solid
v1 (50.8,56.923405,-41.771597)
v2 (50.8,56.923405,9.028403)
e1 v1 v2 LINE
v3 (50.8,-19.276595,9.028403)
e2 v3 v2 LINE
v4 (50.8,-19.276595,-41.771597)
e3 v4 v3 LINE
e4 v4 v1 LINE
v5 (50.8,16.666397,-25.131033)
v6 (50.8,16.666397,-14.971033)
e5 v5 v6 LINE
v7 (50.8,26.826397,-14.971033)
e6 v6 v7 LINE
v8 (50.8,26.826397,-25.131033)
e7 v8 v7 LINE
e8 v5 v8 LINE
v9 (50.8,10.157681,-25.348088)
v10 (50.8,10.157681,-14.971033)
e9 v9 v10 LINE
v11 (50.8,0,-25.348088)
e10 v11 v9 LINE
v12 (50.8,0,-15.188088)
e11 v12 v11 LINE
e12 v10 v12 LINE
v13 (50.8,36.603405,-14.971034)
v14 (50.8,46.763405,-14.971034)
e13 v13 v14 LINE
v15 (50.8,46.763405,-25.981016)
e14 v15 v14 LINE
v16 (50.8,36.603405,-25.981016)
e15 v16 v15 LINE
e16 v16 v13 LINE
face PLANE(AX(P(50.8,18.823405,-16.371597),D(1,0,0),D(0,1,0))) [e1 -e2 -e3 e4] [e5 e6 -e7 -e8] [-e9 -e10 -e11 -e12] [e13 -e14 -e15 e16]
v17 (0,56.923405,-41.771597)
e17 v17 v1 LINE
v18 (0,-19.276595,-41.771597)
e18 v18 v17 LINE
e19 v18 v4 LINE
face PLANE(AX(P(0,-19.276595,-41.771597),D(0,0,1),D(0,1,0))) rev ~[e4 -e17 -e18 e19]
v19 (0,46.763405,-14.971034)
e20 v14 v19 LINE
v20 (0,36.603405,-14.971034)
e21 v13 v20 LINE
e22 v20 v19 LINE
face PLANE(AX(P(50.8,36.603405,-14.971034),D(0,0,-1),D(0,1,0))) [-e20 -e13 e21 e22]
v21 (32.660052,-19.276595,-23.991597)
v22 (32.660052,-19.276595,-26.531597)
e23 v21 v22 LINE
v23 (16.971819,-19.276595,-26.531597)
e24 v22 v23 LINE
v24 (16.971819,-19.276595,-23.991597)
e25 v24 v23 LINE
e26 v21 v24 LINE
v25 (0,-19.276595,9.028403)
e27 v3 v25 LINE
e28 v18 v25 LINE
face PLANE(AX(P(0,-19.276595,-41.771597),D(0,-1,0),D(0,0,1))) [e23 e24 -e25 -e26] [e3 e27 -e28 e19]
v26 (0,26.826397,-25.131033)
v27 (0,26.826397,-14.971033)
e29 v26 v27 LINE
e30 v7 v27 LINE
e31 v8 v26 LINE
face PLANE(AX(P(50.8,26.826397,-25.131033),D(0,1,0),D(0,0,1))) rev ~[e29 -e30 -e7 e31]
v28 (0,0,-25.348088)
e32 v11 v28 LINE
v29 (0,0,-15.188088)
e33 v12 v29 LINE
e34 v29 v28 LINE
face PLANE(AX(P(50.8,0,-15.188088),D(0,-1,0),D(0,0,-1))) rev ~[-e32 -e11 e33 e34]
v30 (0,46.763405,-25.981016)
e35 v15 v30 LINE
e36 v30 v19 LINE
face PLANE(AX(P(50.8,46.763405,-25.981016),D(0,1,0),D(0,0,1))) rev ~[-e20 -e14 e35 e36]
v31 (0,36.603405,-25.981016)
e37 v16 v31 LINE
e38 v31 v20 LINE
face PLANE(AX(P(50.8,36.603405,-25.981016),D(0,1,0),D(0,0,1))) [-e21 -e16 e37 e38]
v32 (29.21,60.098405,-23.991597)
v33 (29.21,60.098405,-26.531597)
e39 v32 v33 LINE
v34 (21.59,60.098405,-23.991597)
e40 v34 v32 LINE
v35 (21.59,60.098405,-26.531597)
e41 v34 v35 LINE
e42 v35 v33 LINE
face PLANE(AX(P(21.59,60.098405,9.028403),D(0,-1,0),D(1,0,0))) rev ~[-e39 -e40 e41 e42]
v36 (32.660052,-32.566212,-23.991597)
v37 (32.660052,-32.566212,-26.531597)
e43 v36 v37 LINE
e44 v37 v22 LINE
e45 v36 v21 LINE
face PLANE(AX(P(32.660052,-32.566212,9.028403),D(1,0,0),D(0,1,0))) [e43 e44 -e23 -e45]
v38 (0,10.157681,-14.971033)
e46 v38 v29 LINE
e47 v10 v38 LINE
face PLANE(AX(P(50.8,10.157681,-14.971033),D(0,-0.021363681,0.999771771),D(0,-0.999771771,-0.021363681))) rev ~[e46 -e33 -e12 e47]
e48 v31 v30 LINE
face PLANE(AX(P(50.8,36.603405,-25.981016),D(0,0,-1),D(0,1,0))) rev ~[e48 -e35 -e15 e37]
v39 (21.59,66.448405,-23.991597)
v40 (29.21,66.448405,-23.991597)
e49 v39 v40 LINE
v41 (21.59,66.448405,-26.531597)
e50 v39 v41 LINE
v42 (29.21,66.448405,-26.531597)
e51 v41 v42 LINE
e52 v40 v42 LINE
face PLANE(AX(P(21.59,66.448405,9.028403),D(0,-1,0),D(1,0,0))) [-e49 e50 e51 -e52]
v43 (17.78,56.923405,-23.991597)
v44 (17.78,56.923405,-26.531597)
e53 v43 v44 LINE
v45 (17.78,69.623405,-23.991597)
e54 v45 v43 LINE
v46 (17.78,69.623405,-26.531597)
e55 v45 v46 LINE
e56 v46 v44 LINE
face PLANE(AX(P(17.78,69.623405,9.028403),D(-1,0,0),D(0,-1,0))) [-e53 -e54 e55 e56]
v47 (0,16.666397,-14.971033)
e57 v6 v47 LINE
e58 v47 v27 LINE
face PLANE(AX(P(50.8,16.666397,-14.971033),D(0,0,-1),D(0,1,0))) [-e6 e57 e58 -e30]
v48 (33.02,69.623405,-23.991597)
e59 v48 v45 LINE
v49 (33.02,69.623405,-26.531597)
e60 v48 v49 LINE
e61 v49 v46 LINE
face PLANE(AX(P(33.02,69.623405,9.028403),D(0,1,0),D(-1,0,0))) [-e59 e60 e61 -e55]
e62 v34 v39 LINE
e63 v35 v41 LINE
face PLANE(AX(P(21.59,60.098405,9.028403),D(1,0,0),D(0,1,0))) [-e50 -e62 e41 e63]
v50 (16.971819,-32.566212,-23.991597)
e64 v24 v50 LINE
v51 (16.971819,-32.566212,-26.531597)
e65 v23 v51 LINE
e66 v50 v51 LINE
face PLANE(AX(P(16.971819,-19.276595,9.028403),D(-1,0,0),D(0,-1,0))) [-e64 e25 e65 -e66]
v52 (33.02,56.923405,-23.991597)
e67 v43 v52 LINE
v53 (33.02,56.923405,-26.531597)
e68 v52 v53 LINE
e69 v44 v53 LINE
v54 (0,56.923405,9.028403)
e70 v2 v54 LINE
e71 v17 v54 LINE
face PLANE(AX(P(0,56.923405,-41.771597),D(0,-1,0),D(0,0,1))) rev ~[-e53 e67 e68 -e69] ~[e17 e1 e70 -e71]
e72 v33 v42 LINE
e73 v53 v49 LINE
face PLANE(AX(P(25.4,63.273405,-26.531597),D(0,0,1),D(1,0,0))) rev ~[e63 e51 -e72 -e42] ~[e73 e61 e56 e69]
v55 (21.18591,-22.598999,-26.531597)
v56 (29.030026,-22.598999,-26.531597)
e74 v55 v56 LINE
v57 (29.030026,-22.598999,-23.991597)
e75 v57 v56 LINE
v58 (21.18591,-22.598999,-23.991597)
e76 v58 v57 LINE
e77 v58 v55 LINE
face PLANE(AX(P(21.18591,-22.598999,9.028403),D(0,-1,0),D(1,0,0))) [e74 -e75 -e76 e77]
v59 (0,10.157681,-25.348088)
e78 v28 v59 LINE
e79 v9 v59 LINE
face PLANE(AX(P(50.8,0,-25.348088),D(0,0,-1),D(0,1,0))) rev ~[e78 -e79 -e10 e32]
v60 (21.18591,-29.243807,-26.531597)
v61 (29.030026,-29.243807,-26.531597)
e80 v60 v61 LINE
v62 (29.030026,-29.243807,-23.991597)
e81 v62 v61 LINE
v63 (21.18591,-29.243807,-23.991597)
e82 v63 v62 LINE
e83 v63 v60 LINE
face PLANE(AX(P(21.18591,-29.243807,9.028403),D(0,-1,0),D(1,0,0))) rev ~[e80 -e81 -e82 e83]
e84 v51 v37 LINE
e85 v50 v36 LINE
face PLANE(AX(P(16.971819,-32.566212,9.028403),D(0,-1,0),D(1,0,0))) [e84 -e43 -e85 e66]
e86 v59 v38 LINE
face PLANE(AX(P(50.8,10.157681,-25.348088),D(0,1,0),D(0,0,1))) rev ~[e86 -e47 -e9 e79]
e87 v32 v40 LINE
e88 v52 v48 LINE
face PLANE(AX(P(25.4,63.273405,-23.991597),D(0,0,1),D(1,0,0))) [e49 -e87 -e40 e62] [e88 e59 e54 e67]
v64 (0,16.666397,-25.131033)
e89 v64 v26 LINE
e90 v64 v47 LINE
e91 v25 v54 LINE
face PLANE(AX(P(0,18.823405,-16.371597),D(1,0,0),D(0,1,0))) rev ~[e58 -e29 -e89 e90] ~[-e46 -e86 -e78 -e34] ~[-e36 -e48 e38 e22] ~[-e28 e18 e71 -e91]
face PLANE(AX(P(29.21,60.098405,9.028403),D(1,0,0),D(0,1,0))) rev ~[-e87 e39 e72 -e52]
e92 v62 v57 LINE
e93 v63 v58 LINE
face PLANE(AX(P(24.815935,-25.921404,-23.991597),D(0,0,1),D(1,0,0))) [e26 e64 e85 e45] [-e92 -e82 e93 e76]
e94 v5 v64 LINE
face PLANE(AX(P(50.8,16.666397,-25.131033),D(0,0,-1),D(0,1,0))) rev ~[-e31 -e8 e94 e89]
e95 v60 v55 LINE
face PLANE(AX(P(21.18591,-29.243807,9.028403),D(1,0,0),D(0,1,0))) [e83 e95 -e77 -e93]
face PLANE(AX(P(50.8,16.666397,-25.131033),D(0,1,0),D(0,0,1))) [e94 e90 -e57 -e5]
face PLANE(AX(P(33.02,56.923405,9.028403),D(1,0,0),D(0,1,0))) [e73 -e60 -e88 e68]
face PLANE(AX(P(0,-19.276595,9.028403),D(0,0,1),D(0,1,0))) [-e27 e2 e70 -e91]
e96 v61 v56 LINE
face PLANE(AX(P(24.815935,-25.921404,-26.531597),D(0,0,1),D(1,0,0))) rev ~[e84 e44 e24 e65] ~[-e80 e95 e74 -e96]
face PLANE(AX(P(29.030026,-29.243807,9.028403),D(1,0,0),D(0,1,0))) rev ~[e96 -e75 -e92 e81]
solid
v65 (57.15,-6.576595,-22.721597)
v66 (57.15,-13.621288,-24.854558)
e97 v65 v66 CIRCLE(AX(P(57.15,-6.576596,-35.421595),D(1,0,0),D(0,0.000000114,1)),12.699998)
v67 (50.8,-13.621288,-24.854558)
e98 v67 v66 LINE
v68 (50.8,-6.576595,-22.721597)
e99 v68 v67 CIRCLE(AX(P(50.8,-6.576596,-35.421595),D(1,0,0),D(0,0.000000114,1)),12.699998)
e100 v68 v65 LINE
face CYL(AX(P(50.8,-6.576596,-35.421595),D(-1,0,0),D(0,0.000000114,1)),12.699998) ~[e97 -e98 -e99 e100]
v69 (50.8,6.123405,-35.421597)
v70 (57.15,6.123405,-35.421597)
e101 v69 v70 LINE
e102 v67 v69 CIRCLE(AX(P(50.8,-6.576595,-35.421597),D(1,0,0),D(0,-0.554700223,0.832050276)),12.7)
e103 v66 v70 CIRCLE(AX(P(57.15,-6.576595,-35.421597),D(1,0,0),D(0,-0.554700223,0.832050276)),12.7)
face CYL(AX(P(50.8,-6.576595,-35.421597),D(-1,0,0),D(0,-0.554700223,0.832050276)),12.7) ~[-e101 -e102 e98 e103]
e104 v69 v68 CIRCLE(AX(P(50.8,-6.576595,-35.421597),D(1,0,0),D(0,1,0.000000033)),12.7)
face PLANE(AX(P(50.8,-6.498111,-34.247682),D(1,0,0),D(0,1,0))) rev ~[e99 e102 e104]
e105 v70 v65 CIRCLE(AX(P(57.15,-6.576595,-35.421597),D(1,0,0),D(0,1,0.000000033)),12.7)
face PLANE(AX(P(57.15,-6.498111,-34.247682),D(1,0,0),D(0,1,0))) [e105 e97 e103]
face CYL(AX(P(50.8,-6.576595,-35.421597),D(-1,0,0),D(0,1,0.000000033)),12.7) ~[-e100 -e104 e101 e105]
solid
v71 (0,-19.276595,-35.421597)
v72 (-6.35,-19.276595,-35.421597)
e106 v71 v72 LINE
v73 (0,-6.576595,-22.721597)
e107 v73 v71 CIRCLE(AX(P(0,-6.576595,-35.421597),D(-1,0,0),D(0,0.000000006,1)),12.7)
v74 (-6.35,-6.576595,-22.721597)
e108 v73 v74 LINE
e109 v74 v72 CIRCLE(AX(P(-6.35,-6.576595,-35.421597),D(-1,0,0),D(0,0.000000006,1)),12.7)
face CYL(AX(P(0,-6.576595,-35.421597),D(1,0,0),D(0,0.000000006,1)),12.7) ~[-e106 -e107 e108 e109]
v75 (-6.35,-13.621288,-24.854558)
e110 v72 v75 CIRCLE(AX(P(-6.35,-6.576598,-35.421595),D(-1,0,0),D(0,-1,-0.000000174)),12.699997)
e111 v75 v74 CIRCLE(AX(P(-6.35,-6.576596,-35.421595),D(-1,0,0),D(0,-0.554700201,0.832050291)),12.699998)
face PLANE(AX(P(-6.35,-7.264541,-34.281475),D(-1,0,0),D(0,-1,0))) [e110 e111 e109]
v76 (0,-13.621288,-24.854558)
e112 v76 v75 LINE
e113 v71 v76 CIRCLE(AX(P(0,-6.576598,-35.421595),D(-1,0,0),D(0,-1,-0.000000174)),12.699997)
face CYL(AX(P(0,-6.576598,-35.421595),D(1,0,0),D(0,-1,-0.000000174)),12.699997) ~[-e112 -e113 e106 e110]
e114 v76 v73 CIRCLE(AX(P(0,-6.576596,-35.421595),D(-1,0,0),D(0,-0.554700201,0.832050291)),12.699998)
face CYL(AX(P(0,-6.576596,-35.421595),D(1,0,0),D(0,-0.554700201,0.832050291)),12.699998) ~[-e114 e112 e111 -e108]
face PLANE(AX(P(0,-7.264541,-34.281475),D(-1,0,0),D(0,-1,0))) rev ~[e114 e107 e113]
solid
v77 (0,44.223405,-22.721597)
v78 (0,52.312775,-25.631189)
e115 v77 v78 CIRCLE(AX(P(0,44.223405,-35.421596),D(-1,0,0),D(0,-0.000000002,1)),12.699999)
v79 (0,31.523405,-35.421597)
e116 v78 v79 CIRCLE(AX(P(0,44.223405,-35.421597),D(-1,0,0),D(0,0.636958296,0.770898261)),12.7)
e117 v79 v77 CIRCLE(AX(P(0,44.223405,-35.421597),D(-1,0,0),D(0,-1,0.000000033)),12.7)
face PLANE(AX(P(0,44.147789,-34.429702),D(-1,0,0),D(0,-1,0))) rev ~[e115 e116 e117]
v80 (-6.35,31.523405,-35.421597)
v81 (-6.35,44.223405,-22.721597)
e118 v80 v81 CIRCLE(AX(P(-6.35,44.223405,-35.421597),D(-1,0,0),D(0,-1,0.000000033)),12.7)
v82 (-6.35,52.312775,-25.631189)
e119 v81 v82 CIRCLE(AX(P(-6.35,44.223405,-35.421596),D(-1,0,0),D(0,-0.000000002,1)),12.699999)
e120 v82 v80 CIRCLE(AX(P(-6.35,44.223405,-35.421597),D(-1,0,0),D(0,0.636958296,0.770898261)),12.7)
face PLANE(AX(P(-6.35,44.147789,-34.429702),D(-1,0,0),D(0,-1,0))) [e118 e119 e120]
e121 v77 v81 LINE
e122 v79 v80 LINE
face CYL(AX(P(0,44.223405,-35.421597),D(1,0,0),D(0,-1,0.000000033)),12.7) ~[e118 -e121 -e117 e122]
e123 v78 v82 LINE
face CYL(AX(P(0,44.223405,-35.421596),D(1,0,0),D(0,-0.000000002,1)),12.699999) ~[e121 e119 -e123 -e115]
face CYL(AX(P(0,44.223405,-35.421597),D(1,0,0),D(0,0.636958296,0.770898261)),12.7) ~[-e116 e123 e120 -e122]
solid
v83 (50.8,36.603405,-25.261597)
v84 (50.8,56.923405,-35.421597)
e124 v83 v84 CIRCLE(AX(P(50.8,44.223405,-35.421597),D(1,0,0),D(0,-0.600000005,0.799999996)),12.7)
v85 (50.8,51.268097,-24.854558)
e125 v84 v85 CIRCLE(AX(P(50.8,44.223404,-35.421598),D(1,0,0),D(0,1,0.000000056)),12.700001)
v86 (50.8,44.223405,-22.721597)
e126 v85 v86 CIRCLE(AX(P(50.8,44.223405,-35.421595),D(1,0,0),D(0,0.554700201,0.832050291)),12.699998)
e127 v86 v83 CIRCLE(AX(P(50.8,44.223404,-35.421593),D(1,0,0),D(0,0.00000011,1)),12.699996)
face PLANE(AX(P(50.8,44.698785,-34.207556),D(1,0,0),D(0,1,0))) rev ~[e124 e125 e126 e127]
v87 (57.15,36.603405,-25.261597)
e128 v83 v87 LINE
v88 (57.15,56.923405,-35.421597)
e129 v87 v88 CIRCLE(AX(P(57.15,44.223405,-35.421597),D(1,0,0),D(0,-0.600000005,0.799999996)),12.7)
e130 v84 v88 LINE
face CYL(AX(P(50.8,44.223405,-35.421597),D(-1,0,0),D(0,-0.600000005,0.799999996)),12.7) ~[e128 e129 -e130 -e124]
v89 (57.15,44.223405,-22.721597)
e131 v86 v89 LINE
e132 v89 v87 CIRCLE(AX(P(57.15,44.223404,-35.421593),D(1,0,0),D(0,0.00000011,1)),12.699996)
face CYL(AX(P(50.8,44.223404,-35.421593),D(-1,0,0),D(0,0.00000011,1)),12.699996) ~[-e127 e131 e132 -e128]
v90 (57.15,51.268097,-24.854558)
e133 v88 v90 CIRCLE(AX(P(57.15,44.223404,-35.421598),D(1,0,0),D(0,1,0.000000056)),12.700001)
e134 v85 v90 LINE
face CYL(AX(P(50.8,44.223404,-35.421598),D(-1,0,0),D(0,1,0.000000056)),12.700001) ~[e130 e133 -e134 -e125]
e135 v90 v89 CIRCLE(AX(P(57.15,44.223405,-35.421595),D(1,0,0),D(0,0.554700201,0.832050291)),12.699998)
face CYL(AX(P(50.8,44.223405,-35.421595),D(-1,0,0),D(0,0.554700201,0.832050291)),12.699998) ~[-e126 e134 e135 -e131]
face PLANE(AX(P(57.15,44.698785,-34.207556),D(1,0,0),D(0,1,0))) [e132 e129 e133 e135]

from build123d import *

# Parameters (mm, degrees)
F0_W      = 76.2
F0_H      = 50.8
F1_DEPTH  = 50.8
F2_W      = 10.16
F2_H      = 10.16
F2_H_2    = 11.009983
F3_DEPTH  = 50.8
F5_DEPTH  = 6.35
F7_DEPTH  = 6.35
F8_W      = 7.62
F8_H      = 6.35
F8_W_2    = 7.844116
F8_H_2    = 6.644809
F9_DEPTH  = 35.56
F10_DEPTH = 33.02


with BuildPart() as f1:
    # F0 (on Right) → F1 (new body)
    with BuildSketch(Plane.YZ):
        with Locations((18.823405, -16.371597)):
            Rectangle(F0_W, F0_H)
    extrude(amount=F1_DEPTH)

    # F2 (on face) → F3 (cut)
    with BuildSketch(Plane.YZ.offset(50.8)):
        Polygon((10.157681, -14.971033), (0, -15.188088), (0, -25.348088), (10.157681, -25.348088), align=None)
        with Locations((21.746397, -20.051033)):
            Rectangle(F2_W, F2_H)
        with Locations((41.683405, -20.476025)):
            Rectangle(F2_W, F2_H_2)
    extrude(amount=-F3_DEPTH, mode=Mode.SUBTRACT)

    # F8 (on face) → F9 (join)
    with BuildSketch(Plane.XY.offset(9.028403)):
        Polygon((17.78, 56.923405), (25.4, 56.923405), (33.02, 56.923405), (33.02, 69.623405), (17.78, 69.623405), (17.78, 63.273405), align=None)
        with Locations((25.4, 63.273405)):
            Rectangle(F8_W, F8_H, mode=Mode.SUBTRACT)
        Polygon((32.660052, -19.276595), (25.4, -19.276595), (16.971819, -19.276595), (16.971819, -32.566212), (32.660052, -32.566212), (32.660052, -25.921404), align=None)
        with Locations((25.107968, -25.921403)):
            Rectangle(F8_W_2, F8_H_2, mode=Mode.SUBTRACT)
    extrude(amount=-F9_DEPTH)

    # F8 (on face) → F10 (cut)
    with BuildSketch(Plane.XY.offset(9.028403)):
        Polygon((17.78, 56.923405), (25.4, 56.923405), (33.02, 56.923405), (33.02, 69.623405), (17.78, 69.623405), (17.78, 63.273405), align=None)
        with Locations((25.4, 63.273405)):
            Rectangle(F8_W, F8_H, mode=Mode.SUBTRACT)
        Polygon((32.660052, -19.276595), (25.4, -19.276595), (16.971819, -19.276595), (16.971819, -32.566212), (32.660052, -32.566212), (32.660052, -25.921404), align=None)
        with Locations((25.107968, -25.921403)):
            Rectangle(F8_W_2, F8_H_2, mode=Mode.SUBTRACT)
    extrude(amount=-F10_DEPTH, mode=Mode.SUBTRACT)


with BuildPart() as f5:
    # F4 (on face) → F5 (new body)
    with BuildSketch(Plane(origin=(0, 0, 0), x_dir=(0, -1, 0), z_dir=(-1, 0, 0))):
        with BuildLine():
            ThreePointArc((-52.312775, -25.631189), (-49.634273, -46.911266), (-31.523405, -35.421597))
            ThreePointArc((-31.523405, -35.421597), (-35.243149, -26.441341), (-44.223405, -22.721597))
            Line((-44.223405, -22.721597), (-44.223405, -35.421597))
            Line((-44.223405, -35.421597), (-52.312775, -25.631189))
        make_face()
        with BuildLine():
            Line((-44.223405, -35.421597), (-44.223405, -22.721597))
            ThreePointArc((-44.223405, -22.721597), (-48.521766, -23.471112), (-52.312775, -25.631189))
            Line((-52.312775, -25.631189), (-44.223405, -35.421597))
        make_face()
        with BuildLine():
            ThreePointArc((6.576595, -22.721597), (-2.403661, -44.401853), (19.276595, -35.421597))
            ThreePointArc((19.276595, -35.421597), (17.773863, -29.429001), (13.621288, -24.854558))
            Line((13.621288, -24.854558), (6.576595, -35.421597))
            Line((6.576595, -35.421597), (6.576595, -22.721597))
        make_face()
        with BuildLine():
            Line((6.576595, -35.421597), (13.621288, -24.854558))
            ThreePointArc((13.621288, -24.854558), (10.256854, -23.266528), (6.576595, -22.721597))
            Line((6.576595, -22.721597), (6.576595, -35.421597))
        make_face()
    extrude(amount=F5_DEPTH)


with BuildPart() as f7:
    # F6 (on face) → F7 (new body)
    with BuildSketch(Plane.YZ.offset(50.8)):
        with BuildLine():
            ThreePointArc((-13.621288, -24.854558), (-12.569191, -46.618864), (6.123405, -35.421597))
            ThreePointArc((6.123405, -35.421597), (2.403661, -26.441341), (-6.576595, -22.721597))
            Line((-6.576595, -22.721597), (-6.576595, -35.421597))
            Line((-6.576595, -35.421597), (-13.621288, -24.854558))
        make_face()
        with BuildLine():
            Line((-6.576595, -35.421597), (-6.576595, -22.721597))
            ThreePointArc((-6.576595, -22.721597), (-10.256854, -23.266528), (-13.621288, -24.854558))
            Line((-13.621288, -24.854558), (-6.576595, -35.421597))
        make_face()
        with BuildLine():
            ThreePointArc((44.223405, -22.721597), (40.207312, -23.373319), (36.603405, -25.261597))
            ThreePointArc((36.603405, -25.261597), (38.543792, -46.780822), (56.923405, -35.421597))
            ThreePointArc((56.923405, -35.421597), (55.420672, -29.429001), (51.268097, -24.854558))
            Line((51.268097, -24.854558), (44.223405, -35.421597))
            Line((44.223405, -35.421597), (44.223405, -22.721597))
        make_face()
        with BuildLine():
            ThreePointArc((51.268097, -24.854558), (47.903663, -23.266528), (44.223405, -22.721597))
            Line((44.223405, -22.721597), (44.223405, -35.421597))
            Line((44.223405, -35.421597), (51.268097, -24.854558))
        make_face()
    extrude(amount=F7_DEPTH)


solid = Compound([f1.part, f5.part, f7.part])
